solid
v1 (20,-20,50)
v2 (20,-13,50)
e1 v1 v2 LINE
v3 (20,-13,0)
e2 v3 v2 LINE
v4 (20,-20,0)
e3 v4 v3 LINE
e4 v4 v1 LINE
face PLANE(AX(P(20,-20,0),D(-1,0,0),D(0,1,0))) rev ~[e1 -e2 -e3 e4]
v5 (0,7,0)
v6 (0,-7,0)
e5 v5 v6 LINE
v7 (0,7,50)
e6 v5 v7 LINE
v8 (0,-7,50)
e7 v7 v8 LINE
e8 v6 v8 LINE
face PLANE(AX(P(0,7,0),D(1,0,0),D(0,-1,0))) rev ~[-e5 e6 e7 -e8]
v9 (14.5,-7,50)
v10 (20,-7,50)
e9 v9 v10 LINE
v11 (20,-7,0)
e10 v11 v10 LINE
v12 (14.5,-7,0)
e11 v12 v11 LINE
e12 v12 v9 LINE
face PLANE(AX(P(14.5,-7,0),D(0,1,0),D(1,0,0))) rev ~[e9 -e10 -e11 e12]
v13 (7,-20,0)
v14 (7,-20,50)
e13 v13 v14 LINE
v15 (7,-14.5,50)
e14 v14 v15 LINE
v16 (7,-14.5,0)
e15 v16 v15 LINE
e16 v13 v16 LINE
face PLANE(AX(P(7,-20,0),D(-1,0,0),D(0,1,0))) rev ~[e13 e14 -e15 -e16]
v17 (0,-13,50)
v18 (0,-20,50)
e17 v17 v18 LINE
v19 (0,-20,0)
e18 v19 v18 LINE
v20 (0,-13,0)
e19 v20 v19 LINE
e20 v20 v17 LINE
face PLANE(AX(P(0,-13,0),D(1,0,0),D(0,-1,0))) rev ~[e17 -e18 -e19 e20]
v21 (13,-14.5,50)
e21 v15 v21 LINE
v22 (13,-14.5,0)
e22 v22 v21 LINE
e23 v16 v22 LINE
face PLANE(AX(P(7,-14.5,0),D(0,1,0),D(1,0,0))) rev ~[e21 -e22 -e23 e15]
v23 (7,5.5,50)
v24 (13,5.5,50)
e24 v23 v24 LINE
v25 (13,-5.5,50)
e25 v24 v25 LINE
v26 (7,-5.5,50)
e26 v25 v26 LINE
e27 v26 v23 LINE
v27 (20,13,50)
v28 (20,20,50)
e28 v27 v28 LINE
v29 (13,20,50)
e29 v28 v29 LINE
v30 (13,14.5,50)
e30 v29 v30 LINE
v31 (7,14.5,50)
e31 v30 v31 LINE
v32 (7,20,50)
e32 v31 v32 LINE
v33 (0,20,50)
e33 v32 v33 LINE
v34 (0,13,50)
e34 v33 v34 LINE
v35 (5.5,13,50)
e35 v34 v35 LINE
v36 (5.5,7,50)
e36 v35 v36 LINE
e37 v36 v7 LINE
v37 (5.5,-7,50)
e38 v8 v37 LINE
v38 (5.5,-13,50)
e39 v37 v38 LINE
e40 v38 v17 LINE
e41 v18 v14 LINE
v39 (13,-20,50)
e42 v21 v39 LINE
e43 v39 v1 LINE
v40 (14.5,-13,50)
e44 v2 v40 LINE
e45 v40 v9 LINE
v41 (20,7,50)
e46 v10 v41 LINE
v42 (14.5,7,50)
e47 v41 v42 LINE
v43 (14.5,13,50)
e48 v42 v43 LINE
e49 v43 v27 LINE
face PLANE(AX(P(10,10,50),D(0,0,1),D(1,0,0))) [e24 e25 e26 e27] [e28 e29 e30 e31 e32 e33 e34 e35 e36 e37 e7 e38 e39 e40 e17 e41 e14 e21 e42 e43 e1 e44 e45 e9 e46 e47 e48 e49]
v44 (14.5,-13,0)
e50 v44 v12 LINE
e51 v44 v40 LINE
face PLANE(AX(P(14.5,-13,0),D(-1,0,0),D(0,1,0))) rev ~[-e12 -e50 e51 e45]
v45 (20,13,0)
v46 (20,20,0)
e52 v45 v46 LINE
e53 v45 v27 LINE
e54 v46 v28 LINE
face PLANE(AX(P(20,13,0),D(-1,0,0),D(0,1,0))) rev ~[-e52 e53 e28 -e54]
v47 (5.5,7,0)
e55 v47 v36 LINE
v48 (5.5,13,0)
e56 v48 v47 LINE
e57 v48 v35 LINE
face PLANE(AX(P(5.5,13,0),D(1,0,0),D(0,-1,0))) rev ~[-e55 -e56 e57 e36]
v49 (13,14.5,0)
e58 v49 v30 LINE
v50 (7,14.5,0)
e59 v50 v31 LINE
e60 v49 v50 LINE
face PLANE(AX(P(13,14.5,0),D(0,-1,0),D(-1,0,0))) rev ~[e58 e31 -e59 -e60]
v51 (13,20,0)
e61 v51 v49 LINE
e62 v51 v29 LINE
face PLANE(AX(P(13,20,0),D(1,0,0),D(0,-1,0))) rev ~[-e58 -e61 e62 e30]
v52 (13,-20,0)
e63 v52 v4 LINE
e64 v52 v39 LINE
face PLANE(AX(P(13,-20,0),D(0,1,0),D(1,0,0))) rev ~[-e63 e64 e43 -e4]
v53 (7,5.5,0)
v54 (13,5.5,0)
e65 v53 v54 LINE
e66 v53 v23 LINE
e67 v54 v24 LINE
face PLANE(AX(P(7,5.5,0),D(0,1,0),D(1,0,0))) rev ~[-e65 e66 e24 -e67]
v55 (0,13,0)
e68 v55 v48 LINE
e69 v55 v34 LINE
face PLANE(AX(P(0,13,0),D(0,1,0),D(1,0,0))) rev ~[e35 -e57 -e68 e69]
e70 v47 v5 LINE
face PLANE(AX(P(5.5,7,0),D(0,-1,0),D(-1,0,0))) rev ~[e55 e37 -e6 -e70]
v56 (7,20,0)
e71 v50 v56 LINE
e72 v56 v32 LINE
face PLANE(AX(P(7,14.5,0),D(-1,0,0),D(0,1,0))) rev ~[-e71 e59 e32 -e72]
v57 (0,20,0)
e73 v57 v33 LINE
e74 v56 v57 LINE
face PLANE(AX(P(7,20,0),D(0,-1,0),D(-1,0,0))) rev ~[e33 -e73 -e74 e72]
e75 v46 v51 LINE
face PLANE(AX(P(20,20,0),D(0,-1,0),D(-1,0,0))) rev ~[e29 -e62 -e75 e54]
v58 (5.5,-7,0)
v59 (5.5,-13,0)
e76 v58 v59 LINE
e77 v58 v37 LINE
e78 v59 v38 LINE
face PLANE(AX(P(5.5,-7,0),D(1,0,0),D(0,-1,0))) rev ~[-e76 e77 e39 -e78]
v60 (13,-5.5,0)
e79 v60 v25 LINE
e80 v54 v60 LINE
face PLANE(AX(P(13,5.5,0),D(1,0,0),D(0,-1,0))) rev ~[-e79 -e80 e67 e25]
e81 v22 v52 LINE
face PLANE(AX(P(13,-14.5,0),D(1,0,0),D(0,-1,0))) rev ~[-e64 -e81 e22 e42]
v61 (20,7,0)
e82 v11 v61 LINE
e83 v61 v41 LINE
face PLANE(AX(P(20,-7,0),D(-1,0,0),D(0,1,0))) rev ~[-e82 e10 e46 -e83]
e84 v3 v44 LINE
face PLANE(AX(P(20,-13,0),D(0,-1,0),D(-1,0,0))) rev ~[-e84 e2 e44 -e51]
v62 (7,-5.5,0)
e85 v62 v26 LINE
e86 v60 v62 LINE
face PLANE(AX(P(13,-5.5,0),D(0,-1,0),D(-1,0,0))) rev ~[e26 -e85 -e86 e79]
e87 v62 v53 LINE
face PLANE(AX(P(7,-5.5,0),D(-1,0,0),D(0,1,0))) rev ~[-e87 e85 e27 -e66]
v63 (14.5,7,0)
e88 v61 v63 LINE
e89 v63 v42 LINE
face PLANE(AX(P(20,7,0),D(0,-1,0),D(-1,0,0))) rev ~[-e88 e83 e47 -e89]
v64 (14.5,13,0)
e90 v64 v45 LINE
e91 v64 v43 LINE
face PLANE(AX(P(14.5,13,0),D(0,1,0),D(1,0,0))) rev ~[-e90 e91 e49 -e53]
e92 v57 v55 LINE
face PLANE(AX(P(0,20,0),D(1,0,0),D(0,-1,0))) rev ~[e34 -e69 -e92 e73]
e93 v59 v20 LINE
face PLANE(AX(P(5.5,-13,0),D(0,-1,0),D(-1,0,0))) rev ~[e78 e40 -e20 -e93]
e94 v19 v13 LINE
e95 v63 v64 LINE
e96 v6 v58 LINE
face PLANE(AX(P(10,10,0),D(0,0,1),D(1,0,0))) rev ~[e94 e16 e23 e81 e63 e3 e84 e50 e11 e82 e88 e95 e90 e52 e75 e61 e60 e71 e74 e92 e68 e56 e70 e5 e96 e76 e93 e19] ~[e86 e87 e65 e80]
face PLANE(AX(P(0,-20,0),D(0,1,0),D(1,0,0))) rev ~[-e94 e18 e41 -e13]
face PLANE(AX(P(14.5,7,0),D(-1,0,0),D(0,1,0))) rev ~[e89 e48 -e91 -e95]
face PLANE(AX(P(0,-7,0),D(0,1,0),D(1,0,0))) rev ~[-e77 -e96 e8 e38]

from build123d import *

# Parameters (mm, degrees)
F1_DEPTH = 50


with BuildPart() as f1:
    # F0 (on Top) → F1 (new body)
    with BuildSketch(Plane.XY):
        Polygon((0, 7), (0, 0), (7, 0), (7, 5.5), (13, 5.5), (13, 0), (20, 0), (20, 7), (14.5, 7), (14.5, 13), (20, 13), (20, 20), (13, 20), (13, 14.5), (7, 14.5), (7, 20), (0, 20), (0, 13), (5.5, 13), (5.5, 7), align=None)
        Polygon((7, 0), (0, 0), (0, -7), (5.5, -7), (5.5, -13), (0, -13), (0, -20), (7, -20), (7, -14.5), (13, -14.5), (13, -20), (20, -20), (20, -13), (14.5, -13), (14.5, -7), (20, -7), (20, 0), (13, 0), (13, -5.5), (7, -5.5), align=None)
    extrude(amount=F1_DEPTH)


solid = f1.part
